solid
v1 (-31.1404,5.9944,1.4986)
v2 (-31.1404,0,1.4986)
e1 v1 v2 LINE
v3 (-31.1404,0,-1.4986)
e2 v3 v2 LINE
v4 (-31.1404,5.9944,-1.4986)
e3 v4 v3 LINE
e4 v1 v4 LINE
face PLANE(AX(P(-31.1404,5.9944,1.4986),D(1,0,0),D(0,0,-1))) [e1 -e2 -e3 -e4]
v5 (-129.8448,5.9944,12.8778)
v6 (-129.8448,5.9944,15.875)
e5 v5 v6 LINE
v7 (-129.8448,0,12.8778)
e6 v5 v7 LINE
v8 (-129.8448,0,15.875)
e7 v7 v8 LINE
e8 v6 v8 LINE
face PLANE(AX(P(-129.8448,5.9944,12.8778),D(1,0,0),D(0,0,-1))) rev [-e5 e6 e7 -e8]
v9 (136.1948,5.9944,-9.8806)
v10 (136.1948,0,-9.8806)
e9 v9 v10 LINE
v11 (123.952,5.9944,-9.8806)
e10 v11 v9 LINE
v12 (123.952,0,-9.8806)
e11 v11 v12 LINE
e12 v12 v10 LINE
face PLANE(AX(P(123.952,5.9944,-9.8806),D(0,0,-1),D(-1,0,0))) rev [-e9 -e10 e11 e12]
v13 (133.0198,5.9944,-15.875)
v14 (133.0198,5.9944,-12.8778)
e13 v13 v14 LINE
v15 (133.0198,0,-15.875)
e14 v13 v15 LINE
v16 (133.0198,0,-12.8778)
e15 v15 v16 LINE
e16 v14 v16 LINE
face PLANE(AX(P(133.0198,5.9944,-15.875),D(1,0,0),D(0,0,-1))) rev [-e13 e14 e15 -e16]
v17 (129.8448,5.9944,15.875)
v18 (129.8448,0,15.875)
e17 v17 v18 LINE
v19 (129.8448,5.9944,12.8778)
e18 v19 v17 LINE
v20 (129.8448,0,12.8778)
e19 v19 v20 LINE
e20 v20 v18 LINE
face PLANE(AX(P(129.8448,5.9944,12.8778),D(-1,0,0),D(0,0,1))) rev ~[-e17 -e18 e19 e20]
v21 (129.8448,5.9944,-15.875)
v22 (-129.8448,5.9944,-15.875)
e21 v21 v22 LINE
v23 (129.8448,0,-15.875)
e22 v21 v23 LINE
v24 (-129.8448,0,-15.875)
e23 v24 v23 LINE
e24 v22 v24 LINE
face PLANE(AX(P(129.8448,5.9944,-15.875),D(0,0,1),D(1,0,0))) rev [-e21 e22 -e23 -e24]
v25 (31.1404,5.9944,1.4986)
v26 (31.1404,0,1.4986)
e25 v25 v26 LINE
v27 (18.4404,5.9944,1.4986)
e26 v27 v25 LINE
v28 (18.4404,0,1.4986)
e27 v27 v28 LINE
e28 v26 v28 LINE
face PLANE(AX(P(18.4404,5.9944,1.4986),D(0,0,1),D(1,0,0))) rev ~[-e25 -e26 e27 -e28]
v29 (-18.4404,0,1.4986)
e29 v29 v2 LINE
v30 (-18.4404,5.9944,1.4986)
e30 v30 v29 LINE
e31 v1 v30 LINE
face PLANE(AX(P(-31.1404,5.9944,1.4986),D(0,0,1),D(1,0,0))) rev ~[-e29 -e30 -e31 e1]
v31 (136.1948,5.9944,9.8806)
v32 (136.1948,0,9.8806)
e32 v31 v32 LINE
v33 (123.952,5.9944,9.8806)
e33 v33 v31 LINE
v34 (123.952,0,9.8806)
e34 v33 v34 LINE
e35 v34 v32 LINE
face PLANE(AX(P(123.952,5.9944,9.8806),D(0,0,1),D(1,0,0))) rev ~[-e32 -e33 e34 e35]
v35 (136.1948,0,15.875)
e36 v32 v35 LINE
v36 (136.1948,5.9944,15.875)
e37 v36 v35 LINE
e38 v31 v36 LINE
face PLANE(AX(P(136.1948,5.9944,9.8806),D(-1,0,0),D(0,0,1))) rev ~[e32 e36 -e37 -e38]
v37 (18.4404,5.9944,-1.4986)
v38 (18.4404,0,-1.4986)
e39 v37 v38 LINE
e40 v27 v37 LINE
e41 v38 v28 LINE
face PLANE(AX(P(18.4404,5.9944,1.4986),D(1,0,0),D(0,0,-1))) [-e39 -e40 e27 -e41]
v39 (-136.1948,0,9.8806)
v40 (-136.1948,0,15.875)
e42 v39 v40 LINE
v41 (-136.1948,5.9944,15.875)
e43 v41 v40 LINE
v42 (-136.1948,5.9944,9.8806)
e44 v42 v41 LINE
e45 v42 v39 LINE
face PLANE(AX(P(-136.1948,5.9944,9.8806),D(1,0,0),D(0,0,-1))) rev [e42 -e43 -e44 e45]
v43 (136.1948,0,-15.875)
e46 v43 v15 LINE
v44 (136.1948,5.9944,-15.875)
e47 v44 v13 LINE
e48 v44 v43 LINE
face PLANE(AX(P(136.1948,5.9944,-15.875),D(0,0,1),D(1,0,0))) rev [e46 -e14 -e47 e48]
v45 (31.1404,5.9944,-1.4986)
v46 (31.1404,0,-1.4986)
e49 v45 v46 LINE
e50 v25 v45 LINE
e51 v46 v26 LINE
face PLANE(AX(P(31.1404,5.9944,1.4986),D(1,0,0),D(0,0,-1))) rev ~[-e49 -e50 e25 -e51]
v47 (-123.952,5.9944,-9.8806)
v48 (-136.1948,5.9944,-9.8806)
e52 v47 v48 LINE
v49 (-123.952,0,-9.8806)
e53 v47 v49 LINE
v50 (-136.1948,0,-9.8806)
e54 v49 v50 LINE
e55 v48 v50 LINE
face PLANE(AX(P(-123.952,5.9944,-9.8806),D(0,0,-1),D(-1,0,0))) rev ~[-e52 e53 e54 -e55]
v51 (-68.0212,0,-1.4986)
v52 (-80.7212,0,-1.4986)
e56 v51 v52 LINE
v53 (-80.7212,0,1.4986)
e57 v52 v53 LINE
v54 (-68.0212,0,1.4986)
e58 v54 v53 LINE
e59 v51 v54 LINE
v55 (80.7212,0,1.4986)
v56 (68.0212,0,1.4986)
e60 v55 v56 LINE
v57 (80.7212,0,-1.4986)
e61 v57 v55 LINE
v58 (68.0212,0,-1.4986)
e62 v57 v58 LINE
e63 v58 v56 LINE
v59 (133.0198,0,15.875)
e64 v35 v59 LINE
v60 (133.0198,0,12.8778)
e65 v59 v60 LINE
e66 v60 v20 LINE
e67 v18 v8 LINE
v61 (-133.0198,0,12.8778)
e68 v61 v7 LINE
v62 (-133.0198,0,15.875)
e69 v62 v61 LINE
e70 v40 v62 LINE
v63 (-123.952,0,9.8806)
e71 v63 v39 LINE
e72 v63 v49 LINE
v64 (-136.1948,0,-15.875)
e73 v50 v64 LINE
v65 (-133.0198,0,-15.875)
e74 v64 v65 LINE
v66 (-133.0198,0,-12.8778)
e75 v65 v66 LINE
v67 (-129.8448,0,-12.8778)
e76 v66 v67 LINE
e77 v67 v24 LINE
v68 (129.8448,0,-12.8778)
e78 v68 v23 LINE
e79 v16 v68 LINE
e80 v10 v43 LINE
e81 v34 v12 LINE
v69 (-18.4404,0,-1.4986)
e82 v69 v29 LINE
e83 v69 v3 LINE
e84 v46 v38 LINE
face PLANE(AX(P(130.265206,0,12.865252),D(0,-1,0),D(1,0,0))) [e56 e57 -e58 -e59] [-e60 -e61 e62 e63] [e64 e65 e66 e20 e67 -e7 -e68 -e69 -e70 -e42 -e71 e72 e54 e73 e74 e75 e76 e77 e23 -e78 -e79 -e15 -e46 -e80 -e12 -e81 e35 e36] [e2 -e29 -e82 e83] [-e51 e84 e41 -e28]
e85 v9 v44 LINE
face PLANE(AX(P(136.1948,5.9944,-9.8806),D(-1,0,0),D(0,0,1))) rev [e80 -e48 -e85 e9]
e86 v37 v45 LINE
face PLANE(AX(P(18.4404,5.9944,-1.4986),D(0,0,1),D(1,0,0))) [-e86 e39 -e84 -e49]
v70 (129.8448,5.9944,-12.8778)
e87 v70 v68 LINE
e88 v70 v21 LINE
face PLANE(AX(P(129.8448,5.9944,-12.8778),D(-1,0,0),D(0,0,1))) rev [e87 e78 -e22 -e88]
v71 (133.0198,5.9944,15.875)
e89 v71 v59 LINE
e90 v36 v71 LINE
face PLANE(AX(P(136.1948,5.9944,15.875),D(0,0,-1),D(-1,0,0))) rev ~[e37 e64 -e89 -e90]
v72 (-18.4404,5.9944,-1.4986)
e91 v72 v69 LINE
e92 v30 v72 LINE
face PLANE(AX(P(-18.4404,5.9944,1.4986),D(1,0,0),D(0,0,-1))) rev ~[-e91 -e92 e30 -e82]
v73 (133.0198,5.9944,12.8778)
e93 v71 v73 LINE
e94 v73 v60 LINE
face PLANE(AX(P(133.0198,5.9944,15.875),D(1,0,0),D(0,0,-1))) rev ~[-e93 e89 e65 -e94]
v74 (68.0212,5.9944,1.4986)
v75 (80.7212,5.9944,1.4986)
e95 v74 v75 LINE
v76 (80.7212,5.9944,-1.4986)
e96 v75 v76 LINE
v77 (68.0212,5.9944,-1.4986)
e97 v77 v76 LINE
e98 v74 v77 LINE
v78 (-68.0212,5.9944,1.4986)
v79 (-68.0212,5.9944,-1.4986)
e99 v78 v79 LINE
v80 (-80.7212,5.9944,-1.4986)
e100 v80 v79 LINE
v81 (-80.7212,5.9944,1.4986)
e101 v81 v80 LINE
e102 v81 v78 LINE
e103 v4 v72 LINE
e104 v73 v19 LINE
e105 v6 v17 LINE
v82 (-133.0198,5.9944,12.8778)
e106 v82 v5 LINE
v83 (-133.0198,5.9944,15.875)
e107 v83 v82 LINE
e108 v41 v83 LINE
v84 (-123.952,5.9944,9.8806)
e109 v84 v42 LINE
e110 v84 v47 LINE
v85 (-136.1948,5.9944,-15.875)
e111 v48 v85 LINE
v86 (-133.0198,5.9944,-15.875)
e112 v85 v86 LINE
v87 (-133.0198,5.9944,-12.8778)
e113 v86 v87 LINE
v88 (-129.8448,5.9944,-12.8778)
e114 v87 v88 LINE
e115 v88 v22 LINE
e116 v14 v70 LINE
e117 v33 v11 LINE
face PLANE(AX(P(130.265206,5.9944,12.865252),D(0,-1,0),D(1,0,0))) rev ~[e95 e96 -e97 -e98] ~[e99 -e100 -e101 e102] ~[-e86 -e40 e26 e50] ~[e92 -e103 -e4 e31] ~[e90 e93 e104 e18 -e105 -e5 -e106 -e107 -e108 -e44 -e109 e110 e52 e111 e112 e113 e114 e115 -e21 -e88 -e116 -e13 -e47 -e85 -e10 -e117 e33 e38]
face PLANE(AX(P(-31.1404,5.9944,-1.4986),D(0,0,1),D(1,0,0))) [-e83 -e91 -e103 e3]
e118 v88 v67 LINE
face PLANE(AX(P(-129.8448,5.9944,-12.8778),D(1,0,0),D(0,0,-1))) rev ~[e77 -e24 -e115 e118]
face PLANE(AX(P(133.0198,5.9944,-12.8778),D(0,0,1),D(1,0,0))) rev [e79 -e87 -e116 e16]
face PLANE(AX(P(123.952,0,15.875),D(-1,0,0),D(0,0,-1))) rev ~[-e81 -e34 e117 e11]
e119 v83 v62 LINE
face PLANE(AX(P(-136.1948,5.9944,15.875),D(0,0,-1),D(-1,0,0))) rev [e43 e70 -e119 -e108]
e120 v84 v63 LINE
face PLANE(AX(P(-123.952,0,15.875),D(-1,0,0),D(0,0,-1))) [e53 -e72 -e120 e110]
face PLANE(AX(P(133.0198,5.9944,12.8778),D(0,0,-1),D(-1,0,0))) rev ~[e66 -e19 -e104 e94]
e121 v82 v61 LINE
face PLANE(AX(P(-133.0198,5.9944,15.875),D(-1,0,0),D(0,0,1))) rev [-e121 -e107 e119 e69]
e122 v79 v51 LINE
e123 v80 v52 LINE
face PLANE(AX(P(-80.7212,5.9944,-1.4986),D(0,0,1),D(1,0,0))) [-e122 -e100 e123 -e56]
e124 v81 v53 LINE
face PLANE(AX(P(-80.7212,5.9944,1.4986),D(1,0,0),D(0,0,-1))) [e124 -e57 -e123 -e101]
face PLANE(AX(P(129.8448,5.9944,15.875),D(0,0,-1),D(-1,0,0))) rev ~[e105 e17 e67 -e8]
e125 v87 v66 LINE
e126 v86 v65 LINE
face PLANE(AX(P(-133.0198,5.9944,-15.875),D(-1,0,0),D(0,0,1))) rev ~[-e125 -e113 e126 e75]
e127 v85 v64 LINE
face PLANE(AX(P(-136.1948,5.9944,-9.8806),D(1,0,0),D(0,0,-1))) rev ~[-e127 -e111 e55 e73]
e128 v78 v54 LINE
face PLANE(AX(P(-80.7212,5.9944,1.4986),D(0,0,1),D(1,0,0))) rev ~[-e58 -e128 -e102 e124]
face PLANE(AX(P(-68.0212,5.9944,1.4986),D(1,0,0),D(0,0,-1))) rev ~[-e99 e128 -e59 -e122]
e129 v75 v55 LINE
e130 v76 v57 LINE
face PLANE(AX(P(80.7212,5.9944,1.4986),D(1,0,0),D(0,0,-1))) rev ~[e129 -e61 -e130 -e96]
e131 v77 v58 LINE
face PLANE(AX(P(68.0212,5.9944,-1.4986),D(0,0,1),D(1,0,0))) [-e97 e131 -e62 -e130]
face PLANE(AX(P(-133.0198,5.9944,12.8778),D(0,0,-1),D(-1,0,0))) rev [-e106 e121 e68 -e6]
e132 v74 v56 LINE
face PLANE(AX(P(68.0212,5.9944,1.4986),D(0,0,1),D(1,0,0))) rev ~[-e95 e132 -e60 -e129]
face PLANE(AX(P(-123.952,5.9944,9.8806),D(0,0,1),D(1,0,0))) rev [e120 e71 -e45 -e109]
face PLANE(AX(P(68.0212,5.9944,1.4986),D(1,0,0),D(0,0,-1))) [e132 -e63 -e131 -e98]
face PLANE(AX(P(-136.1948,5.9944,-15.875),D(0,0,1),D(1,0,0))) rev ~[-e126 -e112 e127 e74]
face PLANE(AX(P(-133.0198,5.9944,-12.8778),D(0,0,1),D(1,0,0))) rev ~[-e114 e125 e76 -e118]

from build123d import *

# Parameters (mm, degrees)
SKETCH1_W                                = 247.904
SKETCH1_H                                = 31.75
BOSS_EXTRUDE1_DEPTH                      = 5.9944
BOSS_EXTRUDE3_DEPTH                      = 5.9944
MIRROR2_AT_THE_SECOND_PLANE_COPY_1_DEPTH = 5.9944
SKETCH3_W                                = 12.7
SKETCH3_H                                = 2.9972
CUT_EXTRUDE1_DEPTH                       = 138.247848812


with BuildPart() as part:
    # Sketch1 → Boss-Extrude1 (new body)
    with BuildSketch(Plane(origin=(0, 0, 0), x_dir=(1, 0, 0), z_dir=(0, 1, 0))):
        Rectangle(SKETCH1_W, SKETCH1_H)
    extrude(amount=BOSS_EXTRUDE1_DEPTH)

    # Sketch4 → Boss-Extrude3 (add)
    with BuildSketch(Plane(origin=(0, 5.9944, 0), x_dir=(1, 0, 0), z_dir=(0, 1, 0))):
        Polygon((-123.952, 9.8806), (-136.1948, 9.8806), (-136.1948, 15.875), (-133.0198, 15.875), (-133.0198, 12.8778), (-129.8448, 12.8778), (-129.8448, 15.875), (-123.952, 15.875), align=None)
    boss_extrude3 = extrude(amount=-BOSS_EXTRUDE3_DEPTH)

    # Mirror2: Boss-Extrude3 across plane
    add(boss_extrude3.mirror(Plane.XY))

    # Mirror2 at the second plane: Boss-Extrude3 across plane
    add(boss_extrude3.mirror(Plane(origin=(0, 0, 0), x_dir=(0, 0, 1), z_dir=(1, 0, 0))))

    # Mirror2 at the second plane copy 1 sketc → Mirror2 at the second plane copy 1 (add)
    with BuildSketch(Plane(origin=(0, 5.9944, 0), x_dir=(-1, 0, 0), z_dir=(0, 1, 0))):
        Polygon((-123.952, 9.8806), (-136.1948, 9.8806), (-136.1948, 15.875), (-133.0198, 15.875), (-133.0198, 12.8778), (-129.8448, 12.8778), (-129.8448, 15.875), (-123.952, 15.875), align=None)
    extrude(amount=-MIRROR2_AT_THE_SECOND_PLANE_COPY_1_DEPTH)

    # Sketch3 → Cut-Extrude1 (cut, through all)
    with BuildSketch(Plane(origin=(0, 5.9944, 0), x_dir=(1, 0, 0), z_dir=(0, 1, 0))):
        with Locations((-74.3712, 0)):
            Rectangle(SKETCH3_W, SKETCH3_H)
        with Locations((-24.7904, 0)):
            Rectangle(SKETCH3_W, SKETCH3_H)
        with Locations((24.7904, 0)):
            Rectangle(SKETCH3_W, SKETCH3_H)
        with Locations((74.3712, 0)):
            Rectangle(SKETCH3_W, SKETCH3_H)
    extrude(amount=-CUT_EXTRUDE1_DEPTH, mode=Mode.SUBTRACT)


solid = part.part
